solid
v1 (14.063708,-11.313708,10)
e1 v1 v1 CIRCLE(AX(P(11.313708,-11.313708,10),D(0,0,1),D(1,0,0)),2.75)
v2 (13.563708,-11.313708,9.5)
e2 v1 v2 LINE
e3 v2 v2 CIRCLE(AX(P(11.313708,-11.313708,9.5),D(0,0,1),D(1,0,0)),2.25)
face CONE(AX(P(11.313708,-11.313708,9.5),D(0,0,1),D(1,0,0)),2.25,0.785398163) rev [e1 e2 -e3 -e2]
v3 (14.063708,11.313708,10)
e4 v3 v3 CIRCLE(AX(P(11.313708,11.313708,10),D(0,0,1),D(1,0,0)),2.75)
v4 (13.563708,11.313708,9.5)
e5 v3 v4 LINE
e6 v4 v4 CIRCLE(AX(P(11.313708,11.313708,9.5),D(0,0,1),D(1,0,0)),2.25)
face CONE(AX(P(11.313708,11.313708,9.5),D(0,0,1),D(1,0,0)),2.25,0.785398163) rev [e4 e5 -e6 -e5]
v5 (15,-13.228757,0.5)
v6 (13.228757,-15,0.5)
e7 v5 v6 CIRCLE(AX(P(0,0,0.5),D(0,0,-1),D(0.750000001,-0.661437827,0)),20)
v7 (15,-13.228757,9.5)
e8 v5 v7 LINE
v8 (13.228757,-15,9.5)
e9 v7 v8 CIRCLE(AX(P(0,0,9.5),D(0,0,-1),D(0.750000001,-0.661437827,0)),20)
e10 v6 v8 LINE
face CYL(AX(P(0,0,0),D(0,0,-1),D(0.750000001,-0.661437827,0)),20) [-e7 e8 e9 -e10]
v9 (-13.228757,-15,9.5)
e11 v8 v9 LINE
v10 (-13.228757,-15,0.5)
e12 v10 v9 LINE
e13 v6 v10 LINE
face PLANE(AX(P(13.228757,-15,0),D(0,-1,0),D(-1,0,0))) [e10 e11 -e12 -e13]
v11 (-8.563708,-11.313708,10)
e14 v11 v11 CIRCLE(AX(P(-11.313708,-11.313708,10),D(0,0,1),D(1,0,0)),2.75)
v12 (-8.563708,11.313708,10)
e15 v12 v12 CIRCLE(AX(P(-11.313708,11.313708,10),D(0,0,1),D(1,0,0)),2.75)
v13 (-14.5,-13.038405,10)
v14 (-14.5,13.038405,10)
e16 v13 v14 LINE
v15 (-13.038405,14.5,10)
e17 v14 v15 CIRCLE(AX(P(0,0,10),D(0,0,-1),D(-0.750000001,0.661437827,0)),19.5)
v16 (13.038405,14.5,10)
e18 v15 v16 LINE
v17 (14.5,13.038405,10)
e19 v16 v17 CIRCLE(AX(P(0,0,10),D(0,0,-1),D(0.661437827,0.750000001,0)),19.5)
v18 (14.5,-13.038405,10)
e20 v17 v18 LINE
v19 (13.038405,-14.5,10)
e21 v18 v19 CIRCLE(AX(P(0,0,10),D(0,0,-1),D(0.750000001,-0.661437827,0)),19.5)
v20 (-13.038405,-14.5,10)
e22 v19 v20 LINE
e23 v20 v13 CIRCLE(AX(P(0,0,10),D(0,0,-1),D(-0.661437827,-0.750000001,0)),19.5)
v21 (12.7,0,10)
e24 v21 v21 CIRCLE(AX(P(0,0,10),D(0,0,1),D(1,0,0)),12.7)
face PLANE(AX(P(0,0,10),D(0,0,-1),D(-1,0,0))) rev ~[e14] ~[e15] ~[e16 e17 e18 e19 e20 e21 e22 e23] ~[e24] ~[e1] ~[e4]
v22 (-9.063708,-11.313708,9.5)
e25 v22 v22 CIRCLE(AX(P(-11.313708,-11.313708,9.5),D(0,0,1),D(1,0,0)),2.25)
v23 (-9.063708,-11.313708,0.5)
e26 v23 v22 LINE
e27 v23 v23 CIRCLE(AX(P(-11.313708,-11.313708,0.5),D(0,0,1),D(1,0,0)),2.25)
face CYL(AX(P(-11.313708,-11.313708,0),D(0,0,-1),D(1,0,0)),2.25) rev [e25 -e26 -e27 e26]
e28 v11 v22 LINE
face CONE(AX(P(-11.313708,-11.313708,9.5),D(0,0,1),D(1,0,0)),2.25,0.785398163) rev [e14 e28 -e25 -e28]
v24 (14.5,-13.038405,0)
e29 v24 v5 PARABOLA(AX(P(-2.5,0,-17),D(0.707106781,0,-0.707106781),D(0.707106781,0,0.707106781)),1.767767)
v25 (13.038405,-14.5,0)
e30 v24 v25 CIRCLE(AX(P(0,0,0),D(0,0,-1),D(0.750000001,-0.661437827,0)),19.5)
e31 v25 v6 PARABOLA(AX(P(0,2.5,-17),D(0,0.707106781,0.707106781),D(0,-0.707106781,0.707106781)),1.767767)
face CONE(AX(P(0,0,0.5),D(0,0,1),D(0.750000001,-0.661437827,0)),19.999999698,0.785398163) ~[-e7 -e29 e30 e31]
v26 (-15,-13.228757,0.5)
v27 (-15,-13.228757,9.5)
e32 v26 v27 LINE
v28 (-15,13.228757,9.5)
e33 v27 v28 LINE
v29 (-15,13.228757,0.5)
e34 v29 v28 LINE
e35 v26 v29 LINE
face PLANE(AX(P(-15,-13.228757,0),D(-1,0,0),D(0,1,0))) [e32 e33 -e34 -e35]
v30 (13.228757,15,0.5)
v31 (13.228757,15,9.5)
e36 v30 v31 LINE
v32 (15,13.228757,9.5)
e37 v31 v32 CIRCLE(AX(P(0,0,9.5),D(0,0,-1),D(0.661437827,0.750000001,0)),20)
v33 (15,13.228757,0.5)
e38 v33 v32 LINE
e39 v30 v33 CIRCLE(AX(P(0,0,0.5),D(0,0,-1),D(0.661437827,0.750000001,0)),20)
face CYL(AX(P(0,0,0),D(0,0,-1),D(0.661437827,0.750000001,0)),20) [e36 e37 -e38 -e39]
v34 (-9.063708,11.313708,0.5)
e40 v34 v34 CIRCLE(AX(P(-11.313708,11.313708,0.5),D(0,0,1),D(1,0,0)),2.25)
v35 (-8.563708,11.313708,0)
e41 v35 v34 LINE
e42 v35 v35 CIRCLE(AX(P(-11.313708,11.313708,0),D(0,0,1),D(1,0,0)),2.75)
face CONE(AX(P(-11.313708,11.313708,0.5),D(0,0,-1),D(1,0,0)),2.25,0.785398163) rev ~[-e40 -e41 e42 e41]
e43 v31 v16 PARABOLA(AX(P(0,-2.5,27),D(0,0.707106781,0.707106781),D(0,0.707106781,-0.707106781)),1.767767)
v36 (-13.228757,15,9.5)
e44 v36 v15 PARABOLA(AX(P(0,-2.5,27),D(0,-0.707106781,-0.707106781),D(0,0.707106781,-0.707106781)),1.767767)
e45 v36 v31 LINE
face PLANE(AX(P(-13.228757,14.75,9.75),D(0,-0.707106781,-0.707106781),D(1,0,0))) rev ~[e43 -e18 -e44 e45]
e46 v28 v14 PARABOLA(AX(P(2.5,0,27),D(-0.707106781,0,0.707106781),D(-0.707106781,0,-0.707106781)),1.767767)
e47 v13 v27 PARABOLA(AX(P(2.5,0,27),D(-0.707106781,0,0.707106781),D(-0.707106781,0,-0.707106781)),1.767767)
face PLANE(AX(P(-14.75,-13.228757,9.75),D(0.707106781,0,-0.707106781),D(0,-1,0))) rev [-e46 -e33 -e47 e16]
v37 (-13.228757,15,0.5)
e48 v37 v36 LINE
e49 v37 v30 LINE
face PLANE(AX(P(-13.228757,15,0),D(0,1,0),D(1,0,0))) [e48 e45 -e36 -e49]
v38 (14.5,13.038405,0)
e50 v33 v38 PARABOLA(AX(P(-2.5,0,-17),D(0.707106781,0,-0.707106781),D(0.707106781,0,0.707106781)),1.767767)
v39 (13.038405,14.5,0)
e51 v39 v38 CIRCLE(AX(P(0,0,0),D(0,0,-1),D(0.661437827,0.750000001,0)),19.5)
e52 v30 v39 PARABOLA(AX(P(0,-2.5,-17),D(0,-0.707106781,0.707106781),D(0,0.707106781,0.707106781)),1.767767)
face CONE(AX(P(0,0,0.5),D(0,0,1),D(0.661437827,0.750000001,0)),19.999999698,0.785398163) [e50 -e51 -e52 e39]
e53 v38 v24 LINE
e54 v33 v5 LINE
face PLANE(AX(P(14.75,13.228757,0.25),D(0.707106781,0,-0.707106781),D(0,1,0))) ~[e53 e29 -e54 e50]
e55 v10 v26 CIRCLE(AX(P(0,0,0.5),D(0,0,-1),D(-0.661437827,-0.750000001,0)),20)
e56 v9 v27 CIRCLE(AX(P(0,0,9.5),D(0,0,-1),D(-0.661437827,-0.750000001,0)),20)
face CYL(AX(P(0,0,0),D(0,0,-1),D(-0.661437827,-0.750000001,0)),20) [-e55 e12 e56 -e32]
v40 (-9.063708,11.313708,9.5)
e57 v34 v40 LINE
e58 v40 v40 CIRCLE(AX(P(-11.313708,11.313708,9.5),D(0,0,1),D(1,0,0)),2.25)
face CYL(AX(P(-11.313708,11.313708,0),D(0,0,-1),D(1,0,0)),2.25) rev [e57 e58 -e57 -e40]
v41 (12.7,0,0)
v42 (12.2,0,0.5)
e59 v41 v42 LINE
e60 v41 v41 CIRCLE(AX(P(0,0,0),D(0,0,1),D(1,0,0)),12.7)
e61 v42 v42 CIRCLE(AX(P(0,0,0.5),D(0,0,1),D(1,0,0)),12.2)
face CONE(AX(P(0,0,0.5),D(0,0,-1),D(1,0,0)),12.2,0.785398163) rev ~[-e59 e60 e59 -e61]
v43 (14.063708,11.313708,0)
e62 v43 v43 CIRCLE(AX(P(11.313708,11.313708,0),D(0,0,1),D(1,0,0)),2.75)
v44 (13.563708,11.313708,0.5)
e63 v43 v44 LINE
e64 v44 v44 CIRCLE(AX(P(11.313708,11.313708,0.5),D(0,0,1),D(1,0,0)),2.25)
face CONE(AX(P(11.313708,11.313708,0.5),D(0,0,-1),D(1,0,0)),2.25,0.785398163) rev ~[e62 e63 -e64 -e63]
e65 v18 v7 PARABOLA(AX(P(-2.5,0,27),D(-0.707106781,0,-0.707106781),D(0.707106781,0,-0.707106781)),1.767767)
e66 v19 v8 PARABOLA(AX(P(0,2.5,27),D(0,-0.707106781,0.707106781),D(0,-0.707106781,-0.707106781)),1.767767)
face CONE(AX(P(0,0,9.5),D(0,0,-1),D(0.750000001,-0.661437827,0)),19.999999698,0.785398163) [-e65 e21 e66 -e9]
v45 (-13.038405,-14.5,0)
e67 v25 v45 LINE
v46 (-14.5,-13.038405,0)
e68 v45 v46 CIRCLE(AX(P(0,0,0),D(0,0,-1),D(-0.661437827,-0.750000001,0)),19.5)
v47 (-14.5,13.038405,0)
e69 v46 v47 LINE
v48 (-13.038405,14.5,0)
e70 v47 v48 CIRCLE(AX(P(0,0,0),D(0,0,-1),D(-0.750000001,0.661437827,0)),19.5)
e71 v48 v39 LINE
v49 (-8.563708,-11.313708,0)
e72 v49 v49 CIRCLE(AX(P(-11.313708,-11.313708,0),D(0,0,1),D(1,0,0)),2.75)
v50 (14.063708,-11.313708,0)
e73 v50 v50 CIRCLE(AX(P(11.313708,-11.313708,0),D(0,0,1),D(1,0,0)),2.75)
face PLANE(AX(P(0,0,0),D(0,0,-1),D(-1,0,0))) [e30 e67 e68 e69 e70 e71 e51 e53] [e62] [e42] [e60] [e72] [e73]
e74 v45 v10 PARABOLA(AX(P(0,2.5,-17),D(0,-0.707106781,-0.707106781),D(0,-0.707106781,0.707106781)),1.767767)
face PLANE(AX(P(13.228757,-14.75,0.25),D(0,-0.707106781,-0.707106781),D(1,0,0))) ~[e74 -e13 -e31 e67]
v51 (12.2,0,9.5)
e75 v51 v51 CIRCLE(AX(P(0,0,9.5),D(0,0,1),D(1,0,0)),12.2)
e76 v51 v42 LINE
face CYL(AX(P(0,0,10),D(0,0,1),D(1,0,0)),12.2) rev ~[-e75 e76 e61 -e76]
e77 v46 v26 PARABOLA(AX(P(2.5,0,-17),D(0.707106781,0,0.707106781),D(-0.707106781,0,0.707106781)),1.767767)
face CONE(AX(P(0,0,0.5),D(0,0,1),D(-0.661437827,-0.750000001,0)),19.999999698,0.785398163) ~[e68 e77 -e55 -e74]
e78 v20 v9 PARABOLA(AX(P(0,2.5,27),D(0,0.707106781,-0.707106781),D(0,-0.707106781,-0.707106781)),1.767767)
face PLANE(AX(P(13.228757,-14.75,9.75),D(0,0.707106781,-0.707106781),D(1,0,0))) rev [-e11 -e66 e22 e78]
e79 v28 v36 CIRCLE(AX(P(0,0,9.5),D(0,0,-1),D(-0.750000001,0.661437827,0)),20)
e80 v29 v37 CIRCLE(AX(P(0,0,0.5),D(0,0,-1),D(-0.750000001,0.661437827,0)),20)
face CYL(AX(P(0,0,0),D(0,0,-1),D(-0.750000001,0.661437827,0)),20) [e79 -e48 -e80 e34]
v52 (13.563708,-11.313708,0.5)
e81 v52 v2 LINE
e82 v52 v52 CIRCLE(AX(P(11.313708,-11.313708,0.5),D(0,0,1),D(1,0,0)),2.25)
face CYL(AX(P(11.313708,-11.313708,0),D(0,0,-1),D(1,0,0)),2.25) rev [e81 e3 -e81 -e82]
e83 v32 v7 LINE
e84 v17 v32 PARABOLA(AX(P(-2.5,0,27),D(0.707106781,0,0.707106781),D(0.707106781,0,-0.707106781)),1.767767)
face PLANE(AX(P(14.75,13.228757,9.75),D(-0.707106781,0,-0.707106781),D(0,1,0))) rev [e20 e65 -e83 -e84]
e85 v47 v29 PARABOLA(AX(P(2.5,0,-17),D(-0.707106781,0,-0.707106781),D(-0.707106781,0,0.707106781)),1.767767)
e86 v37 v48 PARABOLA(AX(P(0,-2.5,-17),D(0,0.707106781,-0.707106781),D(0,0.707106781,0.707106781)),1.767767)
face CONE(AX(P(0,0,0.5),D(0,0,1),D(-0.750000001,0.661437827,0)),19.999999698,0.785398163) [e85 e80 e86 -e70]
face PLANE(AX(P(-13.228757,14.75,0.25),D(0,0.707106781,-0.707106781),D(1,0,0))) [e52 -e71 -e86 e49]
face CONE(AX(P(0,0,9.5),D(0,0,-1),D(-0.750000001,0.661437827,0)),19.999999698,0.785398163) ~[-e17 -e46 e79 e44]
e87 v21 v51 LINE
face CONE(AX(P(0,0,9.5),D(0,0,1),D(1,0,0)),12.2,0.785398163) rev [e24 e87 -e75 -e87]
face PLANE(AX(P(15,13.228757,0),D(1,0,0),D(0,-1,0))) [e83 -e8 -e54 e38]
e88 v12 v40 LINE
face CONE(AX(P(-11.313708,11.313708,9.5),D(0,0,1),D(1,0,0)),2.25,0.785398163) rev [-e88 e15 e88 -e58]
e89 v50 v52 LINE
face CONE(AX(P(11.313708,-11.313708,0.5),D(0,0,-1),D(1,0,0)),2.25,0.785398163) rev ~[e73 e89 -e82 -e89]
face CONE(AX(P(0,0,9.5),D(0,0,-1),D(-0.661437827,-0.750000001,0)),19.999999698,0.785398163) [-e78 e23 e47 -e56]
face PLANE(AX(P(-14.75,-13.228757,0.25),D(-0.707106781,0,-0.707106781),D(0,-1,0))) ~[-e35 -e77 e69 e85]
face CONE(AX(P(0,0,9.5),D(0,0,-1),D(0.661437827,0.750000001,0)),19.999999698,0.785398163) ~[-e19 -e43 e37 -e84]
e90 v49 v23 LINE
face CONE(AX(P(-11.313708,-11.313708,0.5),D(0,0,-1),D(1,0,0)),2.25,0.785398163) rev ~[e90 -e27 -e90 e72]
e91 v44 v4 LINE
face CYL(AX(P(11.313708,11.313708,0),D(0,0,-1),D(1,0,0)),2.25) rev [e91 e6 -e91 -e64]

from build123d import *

# Parameters (mm, degrees)
SKETCH1_R           = 2.25
BOSS_EXTRUDE1_DEPTH = 10
SKETCH2_R           = 12.2
CUT_EXTRUDE3_DEPTH  = 11
CHAMFER1_SIZE       = 0.5


with BuildPart() as part:
    # Sketch1 → Boss-Extrude1 (new body)
    with BuildSketch(Plane.XY):
        with BuildLine():
            Line((-13.228756555, 15), (13.228756555, 15))
            ThreePointArc((13.228756555, 15), (14.142135624, 14.142135624), (15, 13.228756555))
            Line((15, 13.228756555), (15, -13.228756555))
            ThreePointArc((15, -13.228756555), (14.142135624, -14.142135624), (13.228756555, -15))
            Line((13.228756555, -15), (-13.228756555, -15))
            ThreePointArc((-13.228756555, -15), (-14.142135624, -14.142135624), (-15, -13.228756555))
            Line((-15, -13.228756555), (-15, 13.228756555))
            ThreePointArc((-15, 13.228756555), (-14.142135624, 14.142135624), (-13.228756555, 15))
        make_face()
        with Locations((-11.313708499, 11.313708499)):
            Circle(SKETCH1_R, mode=Mode.SUBTRACT)
        with Locations((11.313708499, 11.313708499)):
            Circle(SKETCH1_R, mode=Mode.SUBTRACT)
        with Locations((11.313708499, -11.313708499)):
            Circle(SKETCH1_R, mode=Mode.SUBTRACT)
        with Locations((-11.313708499, -11.313708499)):
            Circle(SKETCH1_R, mode=Mode.SUBTRACT)
    extrude(amount=BOSS_EXTRUDE1_DEPTH)

    # Sketch2 → Cut-Extrude3 (cut, through all)
    with BuildSketch(Plane.XY.offset(10)):
        Circle(SKETCH2_R)
    extrude(amount=-CUT_EXTRUDE3_DEPTH, mode=Mode.SUBTRACT)

    # Chamfer1
    chamfer1_edges = [part.edges().sort_by_distance(p)[0] for p in [
        (-14.142135624, -14.142135624, 10),
        (-15, 0, 0),
        (-14.142135624, 14.142135624, 0),
        (0, -15, 10),
        (14.142135624, -14.142135624, 10),
        (15, 0, 10),
        (-13.563708499, 11.313708499, 0),
        (-13.563708499, 11.313708499, 10),
        (14.142135624, 14.142135624, 10),
        (9.063708499, 11.313708499, 0),
        (9.063708499, 11.313708499, 10),
        (0, 15, 10),
        (9.063708499, -11.313708499, 0),
        (9.063708499, -11.313708499, 10),
        (-13.563708499, -11.313708499, 0),
        (-13.563708499, -11.313708499, 10),
        (-14.142135624, 14.142135624, 10),
        (-12.2, 0, 0),
        (-12.2, 0, 10),
        (-15, 0, 10),
        (0, 15, 0),
        (14.142135624, 14.142135624, 0),
        (15, 0, 0),
        (14.142135624, -14.142135624, 0),
        (0, -15, 0),
        (-14.142135624, -14.142135624, 0),
    ]]
    chamfer(chamfer1_edges, length=CHAMFER1_SIZE)


solid = part.part
